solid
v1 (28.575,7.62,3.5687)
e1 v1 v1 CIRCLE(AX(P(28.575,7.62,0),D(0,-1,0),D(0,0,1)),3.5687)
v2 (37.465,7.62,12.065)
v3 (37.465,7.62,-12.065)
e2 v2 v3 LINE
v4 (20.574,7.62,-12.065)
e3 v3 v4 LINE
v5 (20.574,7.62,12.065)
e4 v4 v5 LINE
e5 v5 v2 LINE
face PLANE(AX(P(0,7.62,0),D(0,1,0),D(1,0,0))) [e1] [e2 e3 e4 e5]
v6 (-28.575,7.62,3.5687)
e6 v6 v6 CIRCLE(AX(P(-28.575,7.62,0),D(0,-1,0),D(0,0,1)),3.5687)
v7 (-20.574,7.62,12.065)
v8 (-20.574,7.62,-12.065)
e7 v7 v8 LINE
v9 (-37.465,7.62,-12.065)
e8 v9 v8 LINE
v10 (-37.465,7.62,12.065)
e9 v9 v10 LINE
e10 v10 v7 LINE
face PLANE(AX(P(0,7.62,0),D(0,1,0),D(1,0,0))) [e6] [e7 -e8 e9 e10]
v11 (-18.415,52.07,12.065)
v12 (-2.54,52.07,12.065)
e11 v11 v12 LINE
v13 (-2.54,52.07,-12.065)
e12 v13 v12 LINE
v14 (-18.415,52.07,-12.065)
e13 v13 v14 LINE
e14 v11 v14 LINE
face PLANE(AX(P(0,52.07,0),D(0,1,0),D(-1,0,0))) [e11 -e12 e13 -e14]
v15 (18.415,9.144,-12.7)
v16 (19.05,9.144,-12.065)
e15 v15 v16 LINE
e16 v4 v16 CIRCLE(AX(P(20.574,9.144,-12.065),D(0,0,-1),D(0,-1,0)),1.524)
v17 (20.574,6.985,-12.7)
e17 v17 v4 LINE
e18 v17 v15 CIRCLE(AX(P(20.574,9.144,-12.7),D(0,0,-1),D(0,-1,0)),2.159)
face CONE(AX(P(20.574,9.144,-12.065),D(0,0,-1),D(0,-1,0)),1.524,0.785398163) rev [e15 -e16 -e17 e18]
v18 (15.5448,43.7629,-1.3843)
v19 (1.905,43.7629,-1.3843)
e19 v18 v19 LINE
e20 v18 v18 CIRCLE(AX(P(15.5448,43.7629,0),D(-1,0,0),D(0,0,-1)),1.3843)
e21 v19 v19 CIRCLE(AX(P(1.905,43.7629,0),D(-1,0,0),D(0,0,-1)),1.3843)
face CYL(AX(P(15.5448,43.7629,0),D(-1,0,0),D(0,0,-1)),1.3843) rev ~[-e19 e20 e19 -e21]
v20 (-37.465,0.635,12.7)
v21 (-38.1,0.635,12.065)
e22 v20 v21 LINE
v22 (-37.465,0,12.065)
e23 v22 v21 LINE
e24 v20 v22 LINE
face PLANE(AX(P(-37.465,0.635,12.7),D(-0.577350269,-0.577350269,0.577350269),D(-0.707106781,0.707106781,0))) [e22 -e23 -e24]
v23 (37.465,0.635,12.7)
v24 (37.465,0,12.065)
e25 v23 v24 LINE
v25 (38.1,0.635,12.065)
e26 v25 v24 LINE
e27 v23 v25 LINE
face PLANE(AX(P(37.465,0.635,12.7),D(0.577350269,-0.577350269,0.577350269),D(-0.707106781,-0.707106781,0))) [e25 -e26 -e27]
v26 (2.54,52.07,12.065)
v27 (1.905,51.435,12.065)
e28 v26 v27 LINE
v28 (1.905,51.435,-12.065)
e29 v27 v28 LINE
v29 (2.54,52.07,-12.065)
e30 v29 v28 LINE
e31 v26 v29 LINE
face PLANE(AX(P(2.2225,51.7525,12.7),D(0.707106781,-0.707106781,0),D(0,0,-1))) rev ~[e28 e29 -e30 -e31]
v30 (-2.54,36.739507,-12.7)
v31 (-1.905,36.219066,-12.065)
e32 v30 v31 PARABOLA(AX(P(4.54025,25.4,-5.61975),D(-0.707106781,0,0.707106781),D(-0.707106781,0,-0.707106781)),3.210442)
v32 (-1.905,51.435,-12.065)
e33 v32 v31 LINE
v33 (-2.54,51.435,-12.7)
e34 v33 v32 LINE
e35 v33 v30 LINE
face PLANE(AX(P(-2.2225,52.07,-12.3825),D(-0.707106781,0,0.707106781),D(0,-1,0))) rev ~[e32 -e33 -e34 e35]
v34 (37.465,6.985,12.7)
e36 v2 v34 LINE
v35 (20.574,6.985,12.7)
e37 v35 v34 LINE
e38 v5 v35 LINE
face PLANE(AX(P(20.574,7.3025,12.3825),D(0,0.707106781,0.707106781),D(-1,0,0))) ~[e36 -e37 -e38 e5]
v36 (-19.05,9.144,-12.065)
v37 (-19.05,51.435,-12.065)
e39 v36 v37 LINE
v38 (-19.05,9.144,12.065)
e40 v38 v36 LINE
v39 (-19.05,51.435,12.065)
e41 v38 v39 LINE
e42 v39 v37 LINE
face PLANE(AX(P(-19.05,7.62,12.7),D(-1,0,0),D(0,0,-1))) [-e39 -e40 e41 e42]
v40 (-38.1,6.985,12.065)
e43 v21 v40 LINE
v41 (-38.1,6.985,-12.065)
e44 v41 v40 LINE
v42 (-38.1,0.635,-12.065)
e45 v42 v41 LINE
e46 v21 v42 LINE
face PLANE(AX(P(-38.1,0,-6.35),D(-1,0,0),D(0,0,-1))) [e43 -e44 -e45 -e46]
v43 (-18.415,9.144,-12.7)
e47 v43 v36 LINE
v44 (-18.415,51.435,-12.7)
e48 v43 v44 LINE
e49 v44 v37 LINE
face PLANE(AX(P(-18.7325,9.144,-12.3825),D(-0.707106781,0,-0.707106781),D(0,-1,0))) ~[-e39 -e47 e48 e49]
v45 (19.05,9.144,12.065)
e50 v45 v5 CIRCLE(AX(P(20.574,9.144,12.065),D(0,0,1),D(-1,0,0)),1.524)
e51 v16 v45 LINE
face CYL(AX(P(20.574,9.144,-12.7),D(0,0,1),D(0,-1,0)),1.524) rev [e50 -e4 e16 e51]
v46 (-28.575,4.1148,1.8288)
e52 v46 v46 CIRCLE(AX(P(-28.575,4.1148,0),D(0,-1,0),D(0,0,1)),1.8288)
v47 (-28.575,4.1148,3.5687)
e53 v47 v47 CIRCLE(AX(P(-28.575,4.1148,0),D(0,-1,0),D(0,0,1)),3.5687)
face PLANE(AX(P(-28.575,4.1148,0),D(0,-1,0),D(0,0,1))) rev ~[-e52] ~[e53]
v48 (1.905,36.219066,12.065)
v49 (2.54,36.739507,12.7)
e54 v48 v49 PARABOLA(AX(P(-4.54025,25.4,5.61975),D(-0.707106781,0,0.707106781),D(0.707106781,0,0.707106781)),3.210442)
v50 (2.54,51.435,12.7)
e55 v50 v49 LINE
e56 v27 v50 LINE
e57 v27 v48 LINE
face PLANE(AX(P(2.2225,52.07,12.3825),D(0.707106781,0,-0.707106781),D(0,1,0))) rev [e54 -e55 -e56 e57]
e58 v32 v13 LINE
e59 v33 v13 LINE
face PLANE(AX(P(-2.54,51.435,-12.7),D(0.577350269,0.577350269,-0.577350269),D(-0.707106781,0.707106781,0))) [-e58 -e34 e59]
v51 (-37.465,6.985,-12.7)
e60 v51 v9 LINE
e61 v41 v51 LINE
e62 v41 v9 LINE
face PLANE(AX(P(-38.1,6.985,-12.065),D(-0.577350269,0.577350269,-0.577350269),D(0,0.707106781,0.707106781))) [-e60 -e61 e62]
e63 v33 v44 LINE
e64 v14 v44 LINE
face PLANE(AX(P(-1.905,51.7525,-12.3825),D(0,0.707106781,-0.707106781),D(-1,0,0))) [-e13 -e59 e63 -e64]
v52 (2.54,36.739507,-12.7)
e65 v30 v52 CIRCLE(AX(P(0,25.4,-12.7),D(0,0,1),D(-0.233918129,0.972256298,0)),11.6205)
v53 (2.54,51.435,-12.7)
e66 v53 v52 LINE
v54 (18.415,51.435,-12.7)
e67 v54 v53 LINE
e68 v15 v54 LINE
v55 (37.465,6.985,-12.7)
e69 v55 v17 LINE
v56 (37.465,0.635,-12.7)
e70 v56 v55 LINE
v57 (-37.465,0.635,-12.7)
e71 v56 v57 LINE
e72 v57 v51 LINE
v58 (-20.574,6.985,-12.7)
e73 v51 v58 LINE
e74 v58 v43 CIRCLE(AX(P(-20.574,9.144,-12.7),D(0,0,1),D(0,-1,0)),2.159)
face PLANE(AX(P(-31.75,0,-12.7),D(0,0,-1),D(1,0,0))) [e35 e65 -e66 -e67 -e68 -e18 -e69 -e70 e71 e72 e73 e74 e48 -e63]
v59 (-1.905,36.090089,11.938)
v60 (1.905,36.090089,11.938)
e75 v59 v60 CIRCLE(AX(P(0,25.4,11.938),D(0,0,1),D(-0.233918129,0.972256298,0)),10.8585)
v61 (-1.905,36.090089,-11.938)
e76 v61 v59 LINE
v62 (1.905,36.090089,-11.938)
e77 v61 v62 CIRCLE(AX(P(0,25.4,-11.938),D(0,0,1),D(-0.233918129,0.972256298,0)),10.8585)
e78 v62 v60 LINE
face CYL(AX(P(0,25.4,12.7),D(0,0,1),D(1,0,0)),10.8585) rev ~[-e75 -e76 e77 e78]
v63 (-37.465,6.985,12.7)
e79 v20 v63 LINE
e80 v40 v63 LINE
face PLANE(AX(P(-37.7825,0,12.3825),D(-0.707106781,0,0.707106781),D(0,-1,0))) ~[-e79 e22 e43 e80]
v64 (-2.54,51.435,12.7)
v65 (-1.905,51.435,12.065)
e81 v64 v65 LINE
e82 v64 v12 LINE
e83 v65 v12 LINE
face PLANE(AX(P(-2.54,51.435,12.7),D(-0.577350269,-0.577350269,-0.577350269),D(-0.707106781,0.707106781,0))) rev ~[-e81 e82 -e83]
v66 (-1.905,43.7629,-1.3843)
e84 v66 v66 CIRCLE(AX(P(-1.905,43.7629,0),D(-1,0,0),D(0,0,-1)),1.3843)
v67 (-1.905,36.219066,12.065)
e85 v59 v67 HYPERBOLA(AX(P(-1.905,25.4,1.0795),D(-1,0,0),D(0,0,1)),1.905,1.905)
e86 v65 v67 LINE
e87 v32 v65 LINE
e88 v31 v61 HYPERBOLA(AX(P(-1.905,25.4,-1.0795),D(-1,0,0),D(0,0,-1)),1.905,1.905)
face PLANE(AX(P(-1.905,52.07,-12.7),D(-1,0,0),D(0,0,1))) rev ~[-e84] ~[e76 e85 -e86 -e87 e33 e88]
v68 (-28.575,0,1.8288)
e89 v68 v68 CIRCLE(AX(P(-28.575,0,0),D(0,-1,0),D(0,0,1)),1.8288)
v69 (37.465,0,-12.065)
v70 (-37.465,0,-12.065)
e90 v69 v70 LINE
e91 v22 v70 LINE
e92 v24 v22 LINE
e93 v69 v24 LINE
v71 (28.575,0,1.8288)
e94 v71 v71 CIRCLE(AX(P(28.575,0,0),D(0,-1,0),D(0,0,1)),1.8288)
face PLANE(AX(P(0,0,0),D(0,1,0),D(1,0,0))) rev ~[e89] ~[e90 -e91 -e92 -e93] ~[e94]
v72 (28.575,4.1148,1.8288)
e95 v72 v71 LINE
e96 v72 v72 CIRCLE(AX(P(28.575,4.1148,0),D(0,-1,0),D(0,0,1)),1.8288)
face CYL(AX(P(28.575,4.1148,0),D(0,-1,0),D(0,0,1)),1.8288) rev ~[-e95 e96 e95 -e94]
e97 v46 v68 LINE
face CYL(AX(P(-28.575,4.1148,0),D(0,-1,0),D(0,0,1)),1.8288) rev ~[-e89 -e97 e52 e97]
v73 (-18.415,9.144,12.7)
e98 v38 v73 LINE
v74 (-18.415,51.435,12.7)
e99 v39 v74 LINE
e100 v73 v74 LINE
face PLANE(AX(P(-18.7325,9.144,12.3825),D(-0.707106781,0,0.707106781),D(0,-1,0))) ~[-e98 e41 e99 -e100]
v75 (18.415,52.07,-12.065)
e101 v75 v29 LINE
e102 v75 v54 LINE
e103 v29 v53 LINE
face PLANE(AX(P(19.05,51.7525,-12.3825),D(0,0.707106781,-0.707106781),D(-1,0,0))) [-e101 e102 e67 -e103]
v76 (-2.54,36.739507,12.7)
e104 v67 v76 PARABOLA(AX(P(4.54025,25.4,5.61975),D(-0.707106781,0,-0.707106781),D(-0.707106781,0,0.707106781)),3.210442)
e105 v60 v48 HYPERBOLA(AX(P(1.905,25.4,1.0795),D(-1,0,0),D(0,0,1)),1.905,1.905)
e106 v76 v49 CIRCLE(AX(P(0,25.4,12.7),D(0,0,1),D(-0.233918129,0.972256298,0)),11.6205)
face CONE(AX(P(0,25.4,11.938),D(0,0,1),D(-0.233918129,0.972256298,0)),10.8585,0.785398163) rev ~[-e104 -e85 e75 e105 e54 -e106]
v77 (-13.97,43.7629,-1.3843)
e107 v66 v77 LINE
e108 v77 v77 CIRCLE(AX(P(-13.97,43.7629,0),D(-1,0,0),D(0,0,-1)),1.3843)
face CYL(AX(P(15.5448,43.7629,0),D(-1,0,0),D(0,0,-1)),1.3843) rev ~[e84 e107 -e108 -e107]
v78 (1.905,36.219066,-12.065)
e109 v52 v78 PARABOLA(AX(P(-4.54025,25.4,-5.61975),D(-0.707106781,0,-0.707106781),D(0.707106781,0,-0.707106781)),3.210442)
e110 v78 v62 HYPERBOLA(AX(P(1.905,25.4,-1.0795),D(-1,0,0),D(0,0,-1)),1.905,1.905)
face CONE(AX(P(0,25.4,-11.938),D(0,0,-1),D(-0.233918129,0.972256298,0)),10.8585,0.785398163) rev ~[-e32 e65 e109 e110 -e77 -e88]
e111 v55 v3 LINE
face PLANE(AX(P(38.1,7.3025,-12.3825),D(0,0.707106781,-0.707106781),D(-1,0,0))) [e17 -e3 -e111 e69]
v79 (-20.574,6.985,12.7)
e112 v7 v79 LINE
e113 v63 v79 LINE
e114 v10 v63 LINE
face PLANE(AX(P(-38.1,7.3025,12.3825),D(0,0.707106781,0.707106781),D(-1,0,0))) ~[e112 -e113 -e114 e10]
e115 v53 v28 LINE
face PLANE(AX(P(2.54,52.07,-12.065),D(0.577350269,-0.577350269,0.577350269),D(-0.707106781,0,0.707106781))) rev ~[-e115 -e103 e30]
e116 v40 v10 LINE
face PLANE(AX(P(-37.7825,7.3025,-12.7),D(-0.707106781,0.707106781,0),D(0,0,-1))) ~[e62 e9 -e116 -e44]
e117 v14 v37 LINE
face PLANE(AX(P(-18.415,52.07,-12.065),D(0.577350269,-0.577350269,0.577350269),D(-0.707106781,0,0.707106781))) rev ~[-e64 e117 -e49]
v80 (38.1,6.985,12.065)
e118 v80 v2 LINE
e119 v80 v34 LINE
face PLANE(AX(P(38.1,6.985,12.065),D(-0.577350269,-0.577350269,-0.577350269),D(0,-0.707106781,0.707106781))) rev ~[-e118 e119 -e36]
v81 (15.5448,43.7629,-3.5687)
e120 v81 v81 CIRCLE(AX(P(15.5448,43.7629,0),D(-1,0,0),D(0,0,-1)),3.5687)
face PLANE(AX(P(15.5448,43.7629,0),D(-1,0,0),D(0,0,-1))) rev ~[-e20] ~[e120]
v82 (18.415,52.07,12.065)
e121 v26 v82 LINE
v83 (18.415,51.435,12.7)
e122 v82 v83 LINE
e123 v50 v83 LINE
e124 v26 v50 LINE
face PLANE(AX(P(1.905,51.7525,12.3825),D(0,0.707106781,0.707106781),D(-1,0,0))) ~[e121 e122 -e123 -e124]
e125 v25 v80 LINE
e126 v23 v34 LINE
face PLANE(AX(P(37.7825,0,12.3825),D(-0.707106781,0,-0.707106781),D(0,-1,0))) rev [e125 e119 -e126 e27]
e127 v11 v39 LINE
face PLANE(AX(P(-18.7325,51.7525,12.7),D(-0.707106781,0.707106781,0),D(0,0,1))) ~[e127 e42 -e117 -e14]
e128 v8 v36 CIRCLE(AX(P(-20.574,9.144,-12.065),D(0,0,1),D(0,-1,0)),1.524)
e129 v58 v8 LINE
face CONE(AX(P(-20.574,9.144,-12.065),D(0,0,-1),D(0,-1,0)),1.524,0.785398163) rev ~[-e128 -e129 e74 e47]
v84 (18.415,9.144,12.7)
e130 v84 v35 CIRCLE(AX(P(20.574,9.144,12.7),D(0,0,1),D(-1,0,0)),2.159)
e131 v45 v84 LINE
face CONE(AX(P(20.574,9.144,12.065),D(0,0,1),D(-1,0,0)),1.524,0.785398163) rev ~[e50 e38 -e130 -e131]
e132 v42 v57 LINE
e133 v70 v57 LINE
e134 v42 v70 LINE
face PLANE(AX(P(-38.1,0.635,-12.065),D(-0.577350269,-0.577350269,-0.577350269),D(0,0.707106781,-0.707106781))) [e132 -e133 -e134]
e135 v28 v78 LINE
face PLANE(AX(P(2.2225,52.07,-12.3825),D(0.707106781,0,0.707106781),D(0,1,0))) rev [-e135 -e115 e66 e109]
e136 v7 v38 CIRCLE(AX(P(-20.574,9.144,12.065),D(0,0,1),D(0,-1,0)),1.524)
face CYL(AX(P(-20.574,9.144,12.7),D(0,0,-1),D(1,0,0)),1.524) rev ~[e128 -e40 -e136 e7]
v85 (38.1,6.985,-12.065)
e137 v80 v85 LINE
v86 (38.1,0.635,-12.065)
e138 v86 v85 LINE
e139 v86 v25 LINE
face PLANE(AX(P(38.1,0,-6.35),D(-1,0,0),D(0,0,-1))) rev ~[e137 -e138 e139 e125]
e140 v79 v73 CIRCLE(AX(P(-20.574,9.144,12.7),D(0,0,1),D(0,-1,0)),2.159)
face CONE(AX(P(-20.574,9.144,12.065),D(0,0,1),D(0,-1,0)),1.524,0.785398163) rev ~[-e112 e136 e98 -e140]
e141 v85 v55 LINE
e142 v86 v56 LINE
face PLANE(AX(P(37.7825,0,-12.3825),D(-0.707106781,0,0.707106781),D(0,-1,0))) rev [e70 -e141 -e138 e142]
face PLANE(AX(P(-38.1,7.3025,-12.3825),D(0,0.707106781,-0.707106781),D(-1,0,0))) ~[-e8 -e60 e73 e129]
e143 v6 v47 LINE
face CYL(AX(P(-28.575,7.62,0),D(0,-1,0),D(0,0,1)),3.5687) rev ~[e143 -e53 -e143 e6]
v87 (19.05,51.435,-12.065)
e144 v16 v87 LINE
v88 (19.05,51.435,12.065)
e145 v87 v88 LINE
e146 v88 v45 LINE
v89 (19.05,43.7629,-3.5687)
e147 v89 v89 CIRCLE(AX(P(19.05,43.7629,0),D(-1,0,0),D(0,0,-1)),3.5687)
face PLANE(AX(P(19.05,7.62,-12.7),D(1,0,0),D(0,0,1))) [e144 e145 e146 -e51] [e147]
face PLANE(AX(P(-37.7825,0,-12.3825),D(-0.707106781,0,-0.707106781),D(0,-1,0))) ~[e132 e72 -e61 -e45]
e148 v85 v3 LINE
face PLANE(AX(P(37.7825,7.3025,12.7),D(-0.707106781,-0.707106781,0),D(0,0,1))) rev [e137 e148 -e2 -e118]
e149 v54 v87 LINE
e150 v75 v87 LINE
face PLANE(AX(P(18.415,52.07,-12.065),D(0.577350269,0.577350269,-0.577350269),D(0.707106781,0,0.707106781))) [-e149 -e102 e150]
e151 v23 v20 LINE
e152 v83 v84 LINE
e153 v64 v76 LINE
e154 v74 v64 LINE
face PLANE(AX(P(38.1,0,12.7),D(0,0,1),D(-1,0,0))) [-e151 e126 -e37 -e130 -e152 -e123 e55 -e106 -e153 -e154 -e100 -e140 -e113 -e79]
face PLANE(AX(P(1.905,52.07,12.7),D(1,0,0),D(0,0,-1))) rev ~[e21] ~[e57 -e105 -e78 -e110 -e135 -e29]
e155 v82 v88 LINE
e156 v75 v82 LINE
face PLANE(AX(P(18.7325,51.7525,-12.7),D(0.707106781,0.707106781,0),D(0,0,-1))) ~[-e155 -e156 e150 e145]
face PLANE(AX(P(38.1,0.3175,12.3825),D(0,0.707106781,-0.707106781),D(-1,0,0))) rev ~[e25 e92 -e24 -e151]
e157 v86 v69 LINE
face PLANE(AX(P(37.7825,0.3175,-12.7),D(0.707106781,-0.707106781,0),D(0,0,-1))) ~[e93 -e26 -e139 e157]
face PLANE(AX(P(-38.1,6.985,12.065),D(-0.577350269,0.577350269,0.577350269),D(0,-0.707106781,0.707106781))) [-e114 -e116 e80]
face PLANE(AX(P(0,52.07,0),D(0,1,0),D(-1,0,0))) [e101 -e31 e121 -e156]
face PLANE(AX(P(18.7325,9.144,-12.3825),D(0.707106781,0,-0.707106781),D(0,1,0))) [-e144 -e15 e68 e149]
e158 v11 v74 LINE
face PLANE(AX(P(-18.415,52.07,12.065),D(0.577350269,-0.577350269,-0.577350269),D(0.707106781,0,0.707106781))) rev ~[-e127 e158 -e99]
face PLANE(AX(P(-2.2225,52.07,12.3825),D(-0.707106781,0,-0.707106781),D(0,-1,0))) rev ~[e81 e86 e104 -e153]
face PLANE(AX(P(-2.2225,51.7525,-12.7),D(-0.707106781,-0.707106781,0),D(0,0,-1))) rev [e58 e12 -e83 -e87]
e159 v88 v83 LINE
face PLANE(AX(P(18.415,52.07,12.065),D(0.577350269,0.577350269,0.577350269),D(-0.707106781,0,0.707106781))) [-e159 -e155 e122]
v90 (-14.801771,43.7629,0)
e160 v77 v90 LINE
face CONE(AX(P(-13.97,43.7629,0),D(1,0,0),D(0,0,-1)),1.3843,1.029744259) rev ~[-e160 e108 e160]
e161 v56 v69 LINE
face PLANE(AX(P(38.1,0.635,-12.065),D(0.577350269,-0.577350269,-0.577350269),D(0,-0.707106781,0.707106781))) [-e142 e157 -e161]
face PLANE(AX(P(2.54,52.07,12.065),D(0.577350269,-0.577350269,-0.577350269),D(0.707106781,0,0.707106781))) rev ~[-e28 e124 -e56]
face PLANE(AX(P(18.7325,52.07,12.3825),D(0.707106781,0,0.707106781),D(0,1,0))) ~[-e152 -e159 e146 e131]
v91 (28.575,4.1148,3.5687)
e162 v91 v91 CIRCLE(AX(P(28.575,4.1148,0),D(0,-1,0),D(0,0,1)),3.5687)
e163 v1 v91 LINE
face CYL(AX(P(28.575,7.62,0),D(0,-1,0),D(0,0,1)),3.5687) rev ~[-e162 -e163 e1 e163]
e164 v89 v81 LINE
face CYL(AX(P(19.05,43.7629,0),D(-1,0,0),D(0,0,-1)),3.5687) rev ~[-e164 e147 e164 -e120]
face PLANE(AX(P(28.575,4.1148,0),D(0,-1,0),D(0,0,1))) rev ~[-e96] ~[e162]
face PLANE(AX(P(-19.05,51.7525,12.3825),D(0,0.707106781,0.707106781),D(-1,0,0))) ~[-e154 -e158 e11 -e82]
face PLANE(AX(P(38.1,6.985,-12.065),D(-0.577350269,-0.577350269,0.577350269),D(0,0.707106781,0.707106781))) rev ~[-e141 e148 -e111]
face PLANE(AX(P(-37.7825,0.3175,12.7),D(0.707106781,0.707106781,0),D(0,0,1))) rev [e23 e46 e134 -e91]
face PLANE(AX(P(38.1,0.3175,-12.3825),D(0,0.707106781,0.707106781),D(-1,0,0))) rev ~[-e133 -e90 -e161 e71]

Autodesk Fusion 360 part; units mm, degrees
sketch "Sketch1" plane through (0, 0, 0) normal (0, 1, 0) x (1, 0, 0)
  line L0 (-31.75, 12.7) -> (31.75, 12.7)
  line L1 (38.1, 6.35) -> (38.1, -6.35)
  line L2 (31.75, -12.7) -> (-31.75, -12.7)
  line L3 (-38.1, -6.35) -> (-38.1, 6.35)
  line L4 (38.1, -6.35) -> (38.1, -12.7)
  line L5 (38.1, -12.7) -> (31.75, -12.7)
  line L6 (38.1, 6.35) -> (38.1, 12.7)
  line L7 (38.1, 12.7) -> (31.75, 12.7)
  line L8 (-38.1, 6.35) -> (-38.1, 12.7)
  line L9 (-38.1, 12.7) -> (-31.75, 12.7)
  line L10 (-38.1, -6.35) -> (-38.1, -12.7)
  line L11 (-38.1, -12.7) -> (-31.75, -12.7)
  point P0 (-38.1, 12.7)
  point P1 (38.1, 12.7)
  point P2 (38.1, -12.7)
  point P3 (-38.1, -12.7)
extrude "Extrude1" add sketch "Sketch1" along normal blind 7.62
sketch "Sketch2" plane through (0, 7.62, 0) normal (0, 1, 0) x (-1, 0, 0)
  line L0 (38.1, -12.7) -> (38.1, 12.7)
  line L1 (38.1, 12.7) -> (-38.1, 12.7)
  line L2 (-38.1, 12.7) -> (-38.1, -12.7)
  line L3 (-38.1, -12.7) -> (38.1, -12.7)
  line L4 (-19.05, 12.7) -> (19.05, 12.7)
  line L5 (19.05, 12.7) -> (19.05, -12.7)
  line L6 (19.05, -12.7) -> (-19.05, -12.7)
  line L7 (-19.05, -12.7) -> (-19.05, 12.7)
  line L8 (-19.05, 12.7) -> (19.05, -12.7) construction
  line L9 (19.05, 12.7) -> (-19.05, -12.7) construction
  dimension "d12" = 38.1
extrude "Extrude2" add sketch "Sketch2" along normal blind 44.45 contours L1 L3 L4 L5 L6 L7
sketch "Sketch3" plane through (0, 0, 12.7) normal (0, 0, 1) x (1, 0, 0)
  line L0 (-38.1, 0) -> (38.1, 0)
  line L1 (38.1, 7.62) -> (19.05, 7.62)
  line L2 (19.05, 7.62) -> (19.05, 52.07)
  line L3 (19.05, 52.07) -> (-19.05, 52.07)
  line L4 (-19.05, 52.07) -> (-19.05, 7.62)
  circle A0 centre (0, 25.4) radius 10.8585
  line L5 (38.1, 0) -> (38.1, 7.62)
  line L6 (-19.05, 7.62) -> (-38.1, 7.62)
  line L7 (-38.1, 7.62) -> (-38.1, 0)
  dimension "d15" = 25.4
  dimension "d16" = 21.717
  dimension "d47" = 25.4
extrude "Extrude3" cut sketch "Sketch3" against normal blind 25.4 contours A0
sketch "Sketch4" plane through (0, 52.07, 0) normal (0, 1, 0) x (-1, 0, 0)
  line L0 (-19.05, -12.7) -> (19.05, -12.7)
  line L1 (19.05, -12.7) -> (19.05, 12.7)
  line L2 (19.05, 12.7) -> (-19.05, 12.7)
  line L3 (-19.05, 12.7) -> (-19.05, -12.7)
  line L4 (-1.905, -12.7) -> (1.905, -12.7)
  line L5 (1.905, -12.7) -> (1.905, 12.7)
  line L6 (1.905, 12.7) -> (-1.905, 12.7)
  line L7 (-1.905, 12.7) -> (-1.905, -12.7)
  line L8 (-1.905, -12.7) -> (1.905, 12.7) construction
  line L9 (1.905, -12.7) -> (-1.905, 12.7) construction
  dimension "d19" = 3.81
extrude "Extrude4" cut sketch "Sketch4" along normal up to surface contours L0 L2 L4 L5 L6 L7 end surface at (10.8045, 24.3188, -4.2333)
fillet "Fillet1" radius 1.524 1 edges at (19.05, 7.62, 0)
fillet "Fillet1" radius 1.524 1 edges at (-19.05, 7.62, 0)
chamfer "Chamfer1" distance 0.635 angle 45 34 edges at (-19.05, 30.607, -12.7) (-19.05, 30.607, 12.7) (-19.4964, 8.0664, 12.7) (-29.337, 7.62, 12.7) (-19.4964, 8.0664, -12.7) (-29.337, 7.62, -12.7) (19.4964, 8.0664, -12.7) (29.337, 7.62, -12.7) (19.05, 30.607, -12.7) (29.337, 7.62, 12.7) (19.4964, 8.0664, 12.7) (19.05, 30.607, 12.7) (0, 0, -12.7) (-38.1, 0, 0) (-38.1, 3.81, -12.7) (38.1, 3.81, -12.7) (38.1, 0, 0) (38.1, 7.62, 0) (-38.1, 7.62, 0) (38.1, 3.81, 12.7) (0, 0, 12.7) (-38.1, 3.81, 12.7) (1.905, 44.08, -12.7) (1.905, 44.08, 12.7) (-1.905, 52.07, 0) (-1.905, 44.08, 12.7) (-1.905, 44.08, -12.7) (-10.4775, 52.07, -12.7) (-19.05, 52.07, 0) (-10.4775, 52.07, 12.7) (10.4775, 52.07, -12.7) (1.905, 52.07, 0) (19.05, 52.07, 0) (10.4775, 52.07, 12.7)
chamfer "Chamfer3" distance 0.762 angle 45 2 edges at (0, 14.5415, -12.7) (0, 14.5415, 12.7)
ref_plane "WorkPlane1" through (0, 26.035, 0) normal (0, 0, -1) x (-1, 0, 0)
sketch "Sketch5" plane through (0, 7.62, 0) normal (0, 1, 0) x (-1, 0, 0)
  line L0 (37.465, 12.065) -> (20.574, 12.065)
  line L1 (20.574, 12.065) -> (20.574, -12.065)
  line L2 (20.574, -12.065) -> (37.465, -12.065)
  line L3 (37.465, -12.065) -> (37.465, 12.065)
  line L4 (38.1, -12.065) -> (38.1, 12.065)
  line L5 (-38.1, 12.065) -> (-38.1, -12.065)
  point P0 (28.575, 0)
  point P1 (-28.575, 0)
  dimension "d33" = 9.525
  dimension "d34" = 9.525
hole "Hole1" at (-28.575, 7.62, 0) at (28.575, 7.62, 0) direction (0, -1, 0) diameter 3.6576 end through all counterbore diameter 7.1374 counterbore depth 3.5052
hole "Hole2" at (19.05, 43.7629, 0) direction (-1, 0, 0) diameter 2.7686 depth 33.02 tip angle 118 counterbore diameter 7.1374 counterbore depth 3.5052
move_body "Move1" bodies 1 to x (1, 0, 0) y (0, 1, 0) z (0, 0, 1) at (-152.4, 0, 0)
move_body "Move2" bodies 1 to x (1, 0, 0) y (0, 1, 0) z (0, 0, 1) at (152.4, 0, 0)
